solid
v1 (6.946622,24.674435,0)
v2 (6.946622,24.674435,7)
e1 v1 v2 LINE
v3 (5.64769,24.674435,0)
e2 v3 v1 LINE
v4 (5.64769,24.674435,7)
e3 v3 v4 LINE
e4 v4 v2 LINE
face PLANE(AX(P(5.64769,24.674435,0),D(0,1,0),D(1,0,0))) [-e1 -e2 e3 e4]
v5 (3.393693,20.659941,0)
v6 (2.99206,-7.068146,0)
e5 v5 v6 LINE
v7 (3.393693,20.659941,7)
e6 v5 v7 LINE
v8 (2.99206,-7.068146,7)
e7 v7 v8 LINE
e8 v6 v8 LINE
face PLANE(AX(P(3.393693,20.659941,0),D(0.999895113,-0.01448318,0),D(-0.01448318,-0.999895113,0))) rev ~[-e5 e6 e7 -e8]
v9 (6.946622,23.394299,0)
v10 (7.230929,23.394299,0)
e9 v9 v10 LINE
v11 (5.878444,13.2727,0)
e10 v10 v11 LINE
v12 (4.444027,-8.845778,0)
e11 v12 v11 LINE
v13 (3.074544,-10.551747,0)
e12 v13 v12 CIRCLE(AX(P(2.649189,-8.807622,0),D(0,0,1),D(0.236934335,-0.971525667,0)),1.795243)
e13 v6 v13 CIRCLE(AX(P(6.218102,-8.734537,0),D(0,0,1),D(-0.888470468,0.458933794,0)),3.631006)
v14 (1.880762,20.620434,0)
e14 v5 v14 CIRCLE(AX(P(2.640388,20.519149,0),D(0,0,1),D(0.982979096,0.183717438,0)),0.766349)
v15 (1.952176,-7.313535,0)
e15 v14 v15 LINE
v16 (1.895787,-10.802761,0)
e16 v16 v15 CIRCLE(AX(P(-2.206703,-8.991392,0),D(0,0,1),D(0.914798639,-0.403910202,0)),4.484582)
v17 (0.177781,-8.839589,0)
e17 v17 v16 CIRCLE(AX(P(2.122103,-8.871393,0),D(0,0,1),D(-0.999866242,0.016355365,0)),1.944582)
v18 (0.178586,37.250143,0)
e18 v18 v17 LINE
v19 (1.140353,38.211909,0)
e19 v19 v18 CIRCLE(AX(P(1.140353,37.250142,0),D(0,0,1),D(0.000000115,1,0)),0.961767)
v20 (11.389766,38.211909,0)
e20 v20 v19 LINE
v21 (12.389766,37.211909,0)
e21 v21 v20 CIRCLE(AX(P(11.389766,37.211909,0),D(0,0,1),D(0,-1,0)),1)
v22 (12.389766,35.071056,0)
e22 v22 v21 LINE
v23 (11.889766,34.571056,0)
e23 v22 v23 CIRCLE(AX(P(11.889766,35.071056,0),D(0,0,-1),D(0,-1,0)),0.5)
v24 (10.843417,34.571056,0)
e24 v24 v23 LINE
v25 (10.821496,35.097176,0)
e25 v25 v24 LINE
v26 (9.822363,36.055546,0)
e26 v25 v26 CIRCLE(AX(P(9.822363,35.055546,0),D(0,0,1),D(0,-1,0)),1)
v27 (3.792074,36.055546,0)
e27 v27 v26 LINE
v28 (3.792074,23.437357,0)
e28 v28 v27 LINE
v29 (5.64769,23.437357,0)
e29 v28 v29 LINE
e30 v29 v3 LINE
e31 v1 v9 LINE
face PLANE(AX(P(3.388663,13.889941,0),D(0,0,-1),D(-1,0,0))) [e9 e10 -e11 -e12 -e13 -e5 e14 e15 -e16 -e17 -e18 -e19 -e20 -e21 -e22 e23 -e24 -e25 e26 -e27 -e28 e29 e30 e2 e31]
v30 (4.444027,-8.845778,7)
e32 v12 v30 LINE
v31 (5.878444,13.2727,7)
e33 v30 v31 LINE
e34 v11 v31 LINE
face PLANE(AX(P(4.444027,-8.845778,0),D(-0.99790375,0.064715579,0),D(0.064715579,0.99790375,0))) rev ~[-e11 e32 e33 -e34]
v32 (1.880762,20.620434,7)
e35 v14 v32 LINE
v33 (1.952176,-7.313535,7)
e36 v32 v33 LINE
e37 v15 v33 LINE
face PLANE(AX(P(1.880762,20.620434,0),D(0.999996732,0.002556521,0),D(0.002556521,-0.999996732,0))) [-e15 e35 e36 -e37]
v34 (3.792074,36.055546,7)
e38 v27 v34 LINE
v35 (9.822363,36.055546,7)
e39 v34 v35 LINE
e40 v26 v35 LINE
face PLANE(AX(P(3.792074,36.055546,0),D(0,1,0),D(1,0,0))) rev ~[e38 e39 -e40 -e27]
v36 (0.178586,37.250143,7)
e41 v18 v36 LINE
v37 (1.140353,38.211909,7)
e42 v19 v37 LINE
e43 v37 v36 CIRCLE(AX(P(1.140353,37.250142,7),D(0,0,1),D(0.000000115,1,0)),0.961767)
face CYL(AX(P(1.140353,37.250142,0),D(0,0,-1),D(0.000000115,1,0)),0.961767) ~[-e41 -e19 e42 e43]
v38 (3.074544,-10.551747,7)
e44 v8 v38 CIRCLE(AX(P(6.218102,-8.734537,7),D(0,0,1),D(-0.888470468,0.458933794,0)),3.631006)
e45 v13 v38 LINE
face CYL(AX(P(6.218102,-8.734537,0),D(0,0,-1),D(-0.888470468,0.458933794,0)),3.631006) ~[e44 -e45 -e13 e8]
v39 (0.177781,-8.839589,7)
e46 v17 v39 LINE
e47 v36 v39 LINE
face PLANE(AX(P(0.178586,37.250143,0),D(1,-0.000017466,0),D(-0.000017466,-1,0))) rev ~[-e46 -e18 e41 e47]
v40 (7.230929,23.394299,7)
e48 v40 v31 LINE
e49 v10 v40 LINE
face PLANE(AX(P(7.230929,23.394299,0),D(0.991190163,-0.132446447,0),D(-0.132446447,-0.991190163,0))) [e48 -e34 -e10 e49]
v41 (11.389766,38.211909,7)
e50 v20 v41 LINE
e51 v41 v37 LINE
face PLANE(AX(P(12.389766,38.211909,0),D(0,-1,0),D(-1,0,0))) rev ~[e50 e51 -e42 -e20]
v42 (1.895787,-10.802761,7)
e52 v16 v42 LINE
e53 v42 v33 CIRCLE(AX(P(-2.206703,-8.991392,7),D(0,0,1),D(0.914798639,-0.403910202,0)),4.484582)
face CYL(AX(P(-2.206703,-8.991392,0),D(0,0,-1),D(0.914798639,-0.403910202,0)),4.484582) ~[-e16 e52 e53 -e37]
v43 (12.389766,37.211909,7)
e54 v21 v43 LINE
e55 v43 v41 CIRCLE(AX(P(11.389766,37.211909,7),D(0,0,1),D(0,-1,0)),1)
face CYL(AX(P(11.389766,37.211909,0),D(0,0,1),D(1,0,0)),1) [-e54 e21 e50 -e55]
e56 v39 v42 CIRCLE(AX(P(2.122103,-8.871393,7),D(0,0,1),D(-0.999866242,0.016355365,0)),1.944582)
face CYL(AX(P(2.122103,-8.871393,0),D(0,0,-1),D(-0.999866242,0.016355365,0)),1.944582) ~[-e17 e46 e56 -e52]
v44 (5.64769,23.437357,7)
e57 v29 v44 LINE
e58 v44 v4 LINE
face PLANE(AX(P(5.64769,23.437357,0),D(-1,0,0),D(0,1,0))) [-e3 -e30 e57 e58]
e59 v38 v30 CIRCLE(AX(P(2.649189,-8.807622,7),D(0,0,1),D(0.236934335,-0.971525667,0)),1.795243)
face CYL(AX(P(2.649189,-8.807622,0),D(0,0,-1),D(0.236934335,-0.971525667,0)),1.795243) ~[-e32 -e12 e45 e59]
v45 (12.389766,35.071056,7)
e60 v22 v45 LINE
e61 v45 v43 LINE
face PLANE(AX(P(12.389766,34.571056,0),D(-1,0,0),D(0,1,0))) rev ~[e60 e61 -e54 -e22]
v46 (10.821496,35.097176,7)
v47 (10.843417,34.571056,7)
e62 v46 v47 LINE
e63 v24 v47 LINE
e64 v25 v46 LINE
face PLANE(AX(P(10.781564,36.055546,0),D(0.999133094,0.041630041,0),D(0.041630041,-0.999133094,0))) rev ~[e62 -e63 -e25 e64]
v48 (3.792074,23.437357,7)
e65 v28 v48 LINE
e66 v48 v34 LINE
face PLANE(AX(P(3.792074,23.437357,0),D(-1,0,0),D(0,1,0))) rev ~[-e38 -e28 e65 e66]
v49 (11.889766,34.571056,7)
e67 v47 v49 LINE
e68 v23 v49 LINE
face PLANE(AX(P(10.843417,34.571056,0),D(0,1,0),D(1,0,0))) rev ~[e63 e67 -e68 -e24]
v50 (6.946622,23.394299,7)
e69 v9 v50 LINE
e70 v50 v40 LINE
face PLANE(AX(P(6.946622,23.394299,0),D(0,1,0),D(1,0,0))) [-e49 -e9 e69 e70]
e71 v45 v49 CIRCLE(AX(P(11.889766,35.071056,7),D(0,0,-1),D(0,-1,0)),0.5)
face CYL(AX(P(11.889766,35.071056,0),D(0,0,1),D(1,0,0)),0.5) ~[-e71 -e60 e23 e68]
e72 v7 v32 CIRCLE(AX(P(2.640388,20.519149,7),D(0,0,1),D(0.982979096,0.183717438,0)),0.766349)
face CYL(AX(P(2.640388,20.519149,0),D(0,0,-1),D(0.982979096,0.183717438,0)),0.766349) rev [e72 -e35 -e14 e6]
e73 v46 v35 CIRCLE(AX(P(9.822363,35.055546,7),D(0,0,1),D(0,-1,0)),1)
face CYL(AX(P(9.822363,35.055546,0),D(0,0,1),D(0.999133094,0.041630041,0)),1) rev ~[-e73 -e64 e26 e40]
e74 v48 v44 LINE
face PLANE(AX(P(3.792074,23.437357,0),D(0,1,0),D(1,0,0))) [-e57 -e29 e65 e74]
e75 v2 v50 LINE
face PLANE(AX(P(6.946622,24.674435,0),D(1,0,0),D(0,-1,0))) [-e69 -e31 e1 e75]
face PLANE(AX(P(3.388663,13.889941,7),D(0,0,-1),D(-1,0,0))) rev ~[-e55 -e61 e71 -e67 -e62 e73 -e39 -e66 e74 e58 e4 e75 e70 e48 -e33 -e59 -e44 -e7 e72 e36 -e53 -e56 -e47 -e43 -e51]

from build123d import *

# Parameters (mm, degrees)
PAD_DEPTH   = 7
FILLET_R    = 0.5
FILLET001_R = 1
FILLET002_R = 1


with BuildPart() as part:
    # Sketch → Pad (new body)
    with BuildSketch(Plane.XY):
        with BuildLine():
            Line((1.140353, 38.211909), (6.608476, 38.211909))
            Line((12.389766, 38.211909), (6.608476, 38.211909))
            Line((12.389766, 34.571056), (12.389766, 38.211909))
            Line((10.843417, 34.571056), (12.389766, 34.571056))
            Line((10.781564, 36.055546), (10.843417, 34.571056))
            Line((3.792074, 36.055546), (10.781564, 36.055546))
            Line((3.792074, 23.437357), (3.792074, 36.055546))
            Line((3.792074, 23.437357), (5.64769, 23.437357))
            Line((5.64769, 23.437357), (5.64769, 24.674435))
            Line((5.64769, 24.674435), (6.946622, 24.674435))
            Line((6.946622, 24.674435), (6.946622, 23.394299))
            Line((6.946622, 23.394299), (7.230929, 23.394299))
            Line((7.230929, 23.394299), (5.878444, 13.2727))
            Line((4.444027, -8.845778), (5.878444, 13.2727))
            ThreePointArc((3.074544, -10.551747), (4.049152, -9.931456), (4.444027, -8.845778))
            ThreePointArc((2.99206, -7.068146), (2.588113, -8.820488), (3.074544, -10.551747))
            Line((3.393693, 20.659941), (2.99206, -7.068146))
            ThreePointArc((3.393693, 20.659941), (2.620383, 21.285237), (1.880762, 20.620434))
            Line((1.880762, 20.620434), (1.952176, -7.313535))
            ThreePointArc((1.895787, -10.802761), (2.277294, -9.063858), (1.952176, -7.313535))
            ThreePointArc((0.177781, -8.839589), (0.658741, -10.152007), (1.895787, -10.802761))
            Line((0.178586, 37.250143), (0.177781, -8.839589))
            ThreePointArc((1.140353, 38.211909), (0.460281, 37.930214), (0.178586, 37.250143))
        make_face()
    extrude(amount=PAD_DEPTH)

    # Fillet
    fillet_edges = [part.edges().sort_by_distance(p)[0] for p in [
        (12.389766, 34.571056, 3.5),
    ]]
    fillet(fillet_edges, radius=FILLET_R)

    # Fillet001
    fillet001_edges = [part.edges().sort_by_distance(p)[0] for p in [
        (12.389766, 38.211909, 3.5),
    ]]
    fillet(fillet001_edges, radius=FILLET001_R)

    # Fillet002
    fillet002_edges = [part.edges().sort_by_distance(p)[0] for p in [
        (10.781564, 36.055546, 3.5),
    ]]
    fillet(fillet002_edges, radius=FILLET002_R)


solid = part.part
